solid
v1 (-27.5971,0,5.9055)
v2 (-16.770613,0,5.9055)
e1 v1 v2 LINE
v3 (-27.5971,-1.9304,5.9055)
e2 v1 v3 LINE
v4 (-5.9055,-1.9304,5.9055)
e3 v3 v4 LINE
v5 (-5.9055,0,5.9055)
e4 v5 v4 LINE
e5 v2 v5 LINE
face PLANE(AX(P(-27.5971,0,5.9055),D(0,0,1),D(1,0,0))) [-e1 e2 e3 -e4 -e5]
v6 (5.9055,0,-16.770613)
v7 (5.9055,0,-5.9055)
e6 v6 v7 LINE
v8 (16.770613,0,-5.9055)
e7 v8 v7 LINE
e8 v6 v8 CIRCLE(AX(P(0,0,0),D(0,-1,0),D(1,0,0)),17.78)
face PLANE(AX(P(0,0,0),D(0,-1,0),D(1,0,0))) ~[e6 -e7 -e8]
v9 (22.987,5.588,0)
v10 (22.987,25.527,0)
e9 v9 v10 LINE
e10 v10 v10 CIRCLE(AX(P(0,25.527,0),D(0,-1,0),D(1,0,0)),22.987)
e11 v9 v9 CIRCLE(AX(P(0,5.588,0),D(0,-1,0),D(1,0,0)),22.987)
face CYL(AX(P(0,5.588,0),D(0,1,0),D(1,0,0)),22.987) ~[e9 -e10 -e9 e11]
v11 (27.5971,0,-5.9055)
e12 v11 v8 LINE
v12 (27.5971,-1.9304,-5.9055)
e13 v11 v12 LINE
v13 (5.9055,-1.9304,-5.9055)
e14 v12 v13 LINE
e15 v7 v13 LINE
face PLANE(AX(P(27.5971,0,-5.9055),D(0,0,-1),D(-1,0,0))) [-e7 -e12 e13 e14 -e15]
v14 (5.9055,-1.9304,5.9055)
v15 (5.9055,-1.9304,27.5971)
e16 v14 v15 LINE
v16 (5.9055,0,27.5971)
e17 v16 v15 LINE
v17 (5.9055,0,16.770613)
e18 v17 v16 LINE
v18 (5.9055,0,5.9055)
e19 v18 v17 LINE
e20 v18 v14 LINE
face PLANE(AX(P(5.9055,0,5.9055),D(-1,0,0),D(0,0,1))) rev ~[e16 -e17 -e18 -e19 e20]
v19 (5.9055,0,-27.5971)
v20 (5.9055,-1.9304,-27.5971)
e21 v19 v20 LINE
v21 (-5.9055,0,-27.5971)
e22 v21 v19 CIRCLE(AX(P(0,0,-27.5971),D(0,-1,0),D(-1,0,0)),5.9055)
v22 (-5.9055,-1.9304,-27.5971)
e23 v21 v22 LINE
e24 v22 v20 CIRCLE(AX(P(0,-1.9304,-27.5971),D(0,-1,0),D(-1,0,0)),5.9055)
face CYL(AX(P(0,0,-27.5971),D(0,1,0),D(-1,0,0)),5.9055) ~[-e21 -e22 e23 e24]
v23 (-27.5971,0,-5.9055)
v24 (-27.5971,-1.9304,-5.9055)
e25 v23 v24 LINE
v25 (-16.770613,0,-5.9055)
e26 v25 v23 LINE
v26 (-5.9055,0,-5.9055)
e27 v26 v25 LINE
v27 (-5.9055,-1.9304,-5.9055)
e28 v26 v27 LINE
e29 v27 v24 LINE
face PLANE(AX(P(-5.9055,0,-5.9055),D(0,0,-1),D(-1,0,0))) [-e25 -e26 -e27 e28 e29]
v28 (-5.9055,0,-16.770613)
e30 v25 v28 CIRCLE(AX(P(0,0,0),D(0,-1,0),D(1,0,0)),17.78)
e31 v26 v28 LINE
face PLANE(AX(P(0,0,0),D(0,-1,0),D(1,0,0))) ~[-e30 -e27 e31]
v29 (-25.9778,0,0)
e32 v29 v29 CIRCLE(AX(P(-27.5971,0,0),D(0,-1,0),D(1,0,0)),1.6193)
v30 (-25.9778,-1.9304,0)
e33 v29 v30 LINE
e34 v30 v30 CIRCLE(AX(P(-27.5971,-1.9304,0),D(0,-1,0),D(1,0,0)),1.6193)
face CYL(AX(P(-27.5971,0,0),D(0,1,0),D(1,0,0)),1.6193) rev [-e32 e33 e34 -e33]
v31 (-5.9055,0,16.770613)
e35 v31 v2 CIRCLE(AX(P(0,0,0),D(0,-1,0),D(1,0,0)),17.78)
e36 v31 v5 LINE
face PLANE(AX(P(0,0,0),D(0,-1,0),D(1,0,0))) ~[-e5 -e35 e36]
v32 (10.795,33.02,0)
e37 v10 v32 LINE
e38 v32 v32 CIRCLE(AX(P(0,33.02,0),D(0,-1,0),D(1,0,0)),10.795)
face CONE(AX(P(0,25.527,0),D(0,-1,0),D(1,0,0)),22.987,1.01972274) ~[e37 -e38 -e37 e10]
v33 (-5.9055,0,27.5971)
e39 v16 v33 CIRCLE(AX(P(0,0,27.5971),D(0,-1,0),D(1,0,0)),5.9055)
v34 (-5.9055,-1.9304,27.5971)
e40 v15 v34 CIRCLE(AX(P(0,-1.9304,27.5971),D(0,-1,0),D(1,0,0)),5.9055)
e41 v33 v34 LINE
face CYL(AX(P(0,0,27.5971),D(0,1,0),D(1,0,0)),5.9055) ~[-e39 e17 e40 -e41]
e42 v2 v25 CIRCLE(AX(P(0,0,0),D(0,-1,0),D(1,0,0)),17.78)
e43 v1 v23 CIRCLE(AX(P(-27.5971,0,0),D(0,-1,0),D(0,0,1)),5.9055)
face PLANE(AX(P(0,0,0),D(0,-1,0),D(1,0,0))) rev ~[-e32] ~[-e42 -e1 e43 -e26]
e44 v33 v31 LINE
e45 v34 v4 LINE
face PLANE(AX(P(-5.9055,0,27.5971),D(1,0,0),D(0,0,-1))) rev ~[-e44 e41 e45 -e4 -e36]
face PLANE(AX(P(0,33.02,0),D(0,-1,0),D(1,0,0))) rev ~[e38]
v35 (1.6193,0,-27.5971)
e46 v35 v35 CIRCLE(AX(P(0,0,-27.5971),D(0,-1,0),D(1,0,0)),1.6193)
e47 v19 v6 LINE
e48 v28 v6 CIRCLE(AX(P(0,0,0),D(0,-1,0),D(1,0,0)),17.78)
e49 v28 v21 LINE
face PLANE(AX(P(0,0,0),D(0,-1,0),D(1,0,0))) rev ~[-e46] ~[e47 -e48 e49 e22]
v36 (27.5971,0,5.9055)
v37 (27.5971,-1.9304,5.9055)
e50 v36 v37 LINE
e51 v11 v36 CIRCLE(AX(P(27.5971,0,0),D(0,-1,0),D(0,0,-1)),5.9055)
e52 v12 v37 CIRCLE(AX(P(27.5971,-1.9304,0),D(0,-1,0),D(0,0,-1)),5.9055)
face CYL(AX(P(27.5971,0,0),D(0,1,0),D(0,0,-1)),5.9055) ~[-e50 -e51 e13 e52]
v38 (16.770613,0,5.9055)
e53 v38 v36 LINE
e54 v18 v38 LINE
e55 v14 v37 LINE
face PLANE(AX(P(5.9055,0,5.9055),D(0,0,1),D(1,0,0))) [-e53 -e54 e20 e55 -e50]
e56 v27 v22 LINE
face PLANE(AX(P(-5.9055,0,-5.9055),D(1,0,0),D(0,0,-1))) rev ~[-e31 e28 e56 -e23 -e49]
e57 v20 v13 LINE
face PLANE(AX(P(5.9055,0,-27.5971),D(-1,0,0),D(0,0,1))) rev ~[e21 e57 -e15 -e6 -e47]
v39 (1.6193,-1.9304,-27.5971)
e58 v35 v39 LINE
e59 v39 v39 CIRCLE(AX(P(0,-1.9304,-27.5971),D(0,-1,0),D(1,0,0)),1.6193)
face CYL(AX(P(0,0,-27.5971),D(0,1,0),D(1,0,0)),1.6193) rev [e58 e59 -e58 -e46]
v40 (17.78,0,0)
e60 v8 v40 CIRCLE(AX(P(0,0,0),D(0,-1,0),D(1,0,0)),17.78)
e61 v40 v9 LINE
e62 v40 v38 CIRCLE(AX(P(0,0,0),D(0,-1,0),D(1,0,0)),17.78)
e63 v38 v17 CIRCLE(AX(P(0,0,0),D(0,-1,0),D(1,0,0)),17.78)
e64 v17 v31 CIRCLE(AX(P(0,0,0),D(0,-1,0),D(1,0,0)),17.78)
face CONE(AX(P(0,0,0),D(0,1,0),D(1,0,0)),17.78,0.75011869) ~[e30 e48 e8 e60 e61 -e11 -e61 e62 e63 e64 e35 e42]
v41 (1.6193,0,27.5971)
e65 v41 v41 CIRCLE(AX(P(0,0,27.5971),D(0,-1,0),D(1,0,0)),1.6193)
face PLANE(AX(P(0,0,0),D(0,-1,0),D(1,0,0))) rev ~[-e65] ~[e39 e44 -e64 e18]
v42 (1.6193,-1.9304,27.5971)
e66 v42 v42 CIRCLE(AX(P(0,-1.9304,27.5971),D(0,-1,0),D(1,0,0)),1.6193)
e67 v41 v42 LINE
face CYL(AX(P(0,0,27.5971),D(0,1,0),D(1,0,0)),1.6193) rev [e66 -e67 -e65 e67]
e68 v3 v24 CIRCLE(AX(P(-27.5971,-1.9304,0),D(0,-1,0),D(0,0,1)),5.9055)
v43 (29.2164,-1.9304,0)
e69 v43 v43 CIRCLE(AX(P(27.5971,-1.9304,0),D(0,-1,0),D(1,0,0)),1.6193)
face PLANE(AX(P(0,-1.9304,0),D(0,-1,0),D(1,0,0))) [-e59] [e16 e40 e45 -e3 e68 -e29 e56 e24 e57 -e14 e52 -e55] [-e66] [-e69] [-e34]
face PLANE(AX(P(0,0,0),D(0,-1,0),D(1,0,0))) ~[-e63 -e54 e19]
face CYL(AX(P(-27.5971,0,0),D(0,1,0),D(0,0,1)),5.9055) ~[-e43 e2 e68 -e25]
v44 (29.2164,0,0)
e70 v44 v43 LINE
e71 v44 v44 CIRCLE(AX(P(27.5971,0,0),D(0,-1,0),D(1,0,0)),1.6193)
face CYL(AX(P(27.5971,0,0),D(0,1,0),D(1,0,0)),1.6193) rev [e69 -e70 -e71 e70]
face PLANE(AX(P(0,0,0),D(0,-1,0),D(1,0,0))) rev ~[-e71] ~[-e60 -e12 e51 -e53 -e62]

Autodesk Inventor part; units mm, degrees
ref_plane "YZ Plane" through (0, 0, 0) normal (1, 0, 0) x (0, 1, 0)
ref_plane "XZ Plane" through (0, 0, 0) normal (0, 1, 0) x (-1, 0, 0)
ref_plane "XY Plane" through (0, 0, 0) normal (0, 0, 1) x (1, 0, 0)
sketch "Sketch1" plane through (0, 0, 0) normal (0, 0, 1) x (1, 0, 0)
  line L0 (0, 0) -> (17.78, 0)
  line L1 (17.78, 0) -> (22.987, 5.588)
  line L2 (22.987, 5.588) -> (22.987, 25.527)
  line L3 (22.987, 25.527) -> (10.795, 33.02)
  line L4 (10.795, 33.02) -> (0, 33.02)
  line L5 (0, 33.02) -> (0, 0)
  dimension "d0" = 17.78
  dimension "d1" = 33.02
  dimension "d2" = 22.987
  dimension "d3" = 5.588
  dimension "d4" = 19.939
  dimension "d5" = 10.795
revolve "Revolution1" add sketch "Sketch1" angle 360 about axis through (0, 33.02, 0) along (0, -1, 0)
sketch "Sketch2" plane through (0, 0, 0) normal (0, -1, 0) x (1, 0, 0)
  line L0 (0, 27.5971) -> (0, -27.5971) construction
  line L1 (-5.9055, 27.5971) -> (-5.9055, -27.5971)
  line L2 (5.9055, -27.5971) -> (5.9055, 27.5971)
  arc A0 (5.9055, 27.5971) -> (-5.9055, 27.5971) centre (0, 27.5971) ccw
  arc A1 (-5.9055, -27.5971) -> (5.9055, -27.5971) centre (0, -27.5971) ccw
  line L3 (-27.5971, 0) -> (27.5971, 0) construction
  line L4 (-27.5971, 5.9055) -> (27.5971, 5.9055)
  line L5 (27.5971, -5.9055) -> (-27.5971, -5.9055)
  arc A2 (-27.5971, 5.9055) -> (-27.5971, -5.9055) centre (-27.5971, 0) ccw
  arc A3 (27.5971, -5.9055) -> (27.5971, 5.9055) centre (27.5971, 0) ccw
  circle A4 centre (27.5971, 0) radius 1.6193
  circle A5 centre (0, -27.5971) radius 1.6193
  circle A6 centre (-27.5971, 0) radius 1.6193
  circle A7 centre (0, 27.5971) radius 1.6193
  point P0 (0, 0)
  point P1 (5.9055, 5.9055)
  point P2 (-5.9055, 5.9055)
  point P3 (-5.9055, -5.9055)
  point P4 (5.9055, -5.9055)
  dimension "d7" = 11.811
  dimension "d8" = 55.1942
  dimension "d9" = 3.2385
extrude "Extrusion1" add sketch "Sketch2" along normal blind 1.9304
properties part number "Motor"
